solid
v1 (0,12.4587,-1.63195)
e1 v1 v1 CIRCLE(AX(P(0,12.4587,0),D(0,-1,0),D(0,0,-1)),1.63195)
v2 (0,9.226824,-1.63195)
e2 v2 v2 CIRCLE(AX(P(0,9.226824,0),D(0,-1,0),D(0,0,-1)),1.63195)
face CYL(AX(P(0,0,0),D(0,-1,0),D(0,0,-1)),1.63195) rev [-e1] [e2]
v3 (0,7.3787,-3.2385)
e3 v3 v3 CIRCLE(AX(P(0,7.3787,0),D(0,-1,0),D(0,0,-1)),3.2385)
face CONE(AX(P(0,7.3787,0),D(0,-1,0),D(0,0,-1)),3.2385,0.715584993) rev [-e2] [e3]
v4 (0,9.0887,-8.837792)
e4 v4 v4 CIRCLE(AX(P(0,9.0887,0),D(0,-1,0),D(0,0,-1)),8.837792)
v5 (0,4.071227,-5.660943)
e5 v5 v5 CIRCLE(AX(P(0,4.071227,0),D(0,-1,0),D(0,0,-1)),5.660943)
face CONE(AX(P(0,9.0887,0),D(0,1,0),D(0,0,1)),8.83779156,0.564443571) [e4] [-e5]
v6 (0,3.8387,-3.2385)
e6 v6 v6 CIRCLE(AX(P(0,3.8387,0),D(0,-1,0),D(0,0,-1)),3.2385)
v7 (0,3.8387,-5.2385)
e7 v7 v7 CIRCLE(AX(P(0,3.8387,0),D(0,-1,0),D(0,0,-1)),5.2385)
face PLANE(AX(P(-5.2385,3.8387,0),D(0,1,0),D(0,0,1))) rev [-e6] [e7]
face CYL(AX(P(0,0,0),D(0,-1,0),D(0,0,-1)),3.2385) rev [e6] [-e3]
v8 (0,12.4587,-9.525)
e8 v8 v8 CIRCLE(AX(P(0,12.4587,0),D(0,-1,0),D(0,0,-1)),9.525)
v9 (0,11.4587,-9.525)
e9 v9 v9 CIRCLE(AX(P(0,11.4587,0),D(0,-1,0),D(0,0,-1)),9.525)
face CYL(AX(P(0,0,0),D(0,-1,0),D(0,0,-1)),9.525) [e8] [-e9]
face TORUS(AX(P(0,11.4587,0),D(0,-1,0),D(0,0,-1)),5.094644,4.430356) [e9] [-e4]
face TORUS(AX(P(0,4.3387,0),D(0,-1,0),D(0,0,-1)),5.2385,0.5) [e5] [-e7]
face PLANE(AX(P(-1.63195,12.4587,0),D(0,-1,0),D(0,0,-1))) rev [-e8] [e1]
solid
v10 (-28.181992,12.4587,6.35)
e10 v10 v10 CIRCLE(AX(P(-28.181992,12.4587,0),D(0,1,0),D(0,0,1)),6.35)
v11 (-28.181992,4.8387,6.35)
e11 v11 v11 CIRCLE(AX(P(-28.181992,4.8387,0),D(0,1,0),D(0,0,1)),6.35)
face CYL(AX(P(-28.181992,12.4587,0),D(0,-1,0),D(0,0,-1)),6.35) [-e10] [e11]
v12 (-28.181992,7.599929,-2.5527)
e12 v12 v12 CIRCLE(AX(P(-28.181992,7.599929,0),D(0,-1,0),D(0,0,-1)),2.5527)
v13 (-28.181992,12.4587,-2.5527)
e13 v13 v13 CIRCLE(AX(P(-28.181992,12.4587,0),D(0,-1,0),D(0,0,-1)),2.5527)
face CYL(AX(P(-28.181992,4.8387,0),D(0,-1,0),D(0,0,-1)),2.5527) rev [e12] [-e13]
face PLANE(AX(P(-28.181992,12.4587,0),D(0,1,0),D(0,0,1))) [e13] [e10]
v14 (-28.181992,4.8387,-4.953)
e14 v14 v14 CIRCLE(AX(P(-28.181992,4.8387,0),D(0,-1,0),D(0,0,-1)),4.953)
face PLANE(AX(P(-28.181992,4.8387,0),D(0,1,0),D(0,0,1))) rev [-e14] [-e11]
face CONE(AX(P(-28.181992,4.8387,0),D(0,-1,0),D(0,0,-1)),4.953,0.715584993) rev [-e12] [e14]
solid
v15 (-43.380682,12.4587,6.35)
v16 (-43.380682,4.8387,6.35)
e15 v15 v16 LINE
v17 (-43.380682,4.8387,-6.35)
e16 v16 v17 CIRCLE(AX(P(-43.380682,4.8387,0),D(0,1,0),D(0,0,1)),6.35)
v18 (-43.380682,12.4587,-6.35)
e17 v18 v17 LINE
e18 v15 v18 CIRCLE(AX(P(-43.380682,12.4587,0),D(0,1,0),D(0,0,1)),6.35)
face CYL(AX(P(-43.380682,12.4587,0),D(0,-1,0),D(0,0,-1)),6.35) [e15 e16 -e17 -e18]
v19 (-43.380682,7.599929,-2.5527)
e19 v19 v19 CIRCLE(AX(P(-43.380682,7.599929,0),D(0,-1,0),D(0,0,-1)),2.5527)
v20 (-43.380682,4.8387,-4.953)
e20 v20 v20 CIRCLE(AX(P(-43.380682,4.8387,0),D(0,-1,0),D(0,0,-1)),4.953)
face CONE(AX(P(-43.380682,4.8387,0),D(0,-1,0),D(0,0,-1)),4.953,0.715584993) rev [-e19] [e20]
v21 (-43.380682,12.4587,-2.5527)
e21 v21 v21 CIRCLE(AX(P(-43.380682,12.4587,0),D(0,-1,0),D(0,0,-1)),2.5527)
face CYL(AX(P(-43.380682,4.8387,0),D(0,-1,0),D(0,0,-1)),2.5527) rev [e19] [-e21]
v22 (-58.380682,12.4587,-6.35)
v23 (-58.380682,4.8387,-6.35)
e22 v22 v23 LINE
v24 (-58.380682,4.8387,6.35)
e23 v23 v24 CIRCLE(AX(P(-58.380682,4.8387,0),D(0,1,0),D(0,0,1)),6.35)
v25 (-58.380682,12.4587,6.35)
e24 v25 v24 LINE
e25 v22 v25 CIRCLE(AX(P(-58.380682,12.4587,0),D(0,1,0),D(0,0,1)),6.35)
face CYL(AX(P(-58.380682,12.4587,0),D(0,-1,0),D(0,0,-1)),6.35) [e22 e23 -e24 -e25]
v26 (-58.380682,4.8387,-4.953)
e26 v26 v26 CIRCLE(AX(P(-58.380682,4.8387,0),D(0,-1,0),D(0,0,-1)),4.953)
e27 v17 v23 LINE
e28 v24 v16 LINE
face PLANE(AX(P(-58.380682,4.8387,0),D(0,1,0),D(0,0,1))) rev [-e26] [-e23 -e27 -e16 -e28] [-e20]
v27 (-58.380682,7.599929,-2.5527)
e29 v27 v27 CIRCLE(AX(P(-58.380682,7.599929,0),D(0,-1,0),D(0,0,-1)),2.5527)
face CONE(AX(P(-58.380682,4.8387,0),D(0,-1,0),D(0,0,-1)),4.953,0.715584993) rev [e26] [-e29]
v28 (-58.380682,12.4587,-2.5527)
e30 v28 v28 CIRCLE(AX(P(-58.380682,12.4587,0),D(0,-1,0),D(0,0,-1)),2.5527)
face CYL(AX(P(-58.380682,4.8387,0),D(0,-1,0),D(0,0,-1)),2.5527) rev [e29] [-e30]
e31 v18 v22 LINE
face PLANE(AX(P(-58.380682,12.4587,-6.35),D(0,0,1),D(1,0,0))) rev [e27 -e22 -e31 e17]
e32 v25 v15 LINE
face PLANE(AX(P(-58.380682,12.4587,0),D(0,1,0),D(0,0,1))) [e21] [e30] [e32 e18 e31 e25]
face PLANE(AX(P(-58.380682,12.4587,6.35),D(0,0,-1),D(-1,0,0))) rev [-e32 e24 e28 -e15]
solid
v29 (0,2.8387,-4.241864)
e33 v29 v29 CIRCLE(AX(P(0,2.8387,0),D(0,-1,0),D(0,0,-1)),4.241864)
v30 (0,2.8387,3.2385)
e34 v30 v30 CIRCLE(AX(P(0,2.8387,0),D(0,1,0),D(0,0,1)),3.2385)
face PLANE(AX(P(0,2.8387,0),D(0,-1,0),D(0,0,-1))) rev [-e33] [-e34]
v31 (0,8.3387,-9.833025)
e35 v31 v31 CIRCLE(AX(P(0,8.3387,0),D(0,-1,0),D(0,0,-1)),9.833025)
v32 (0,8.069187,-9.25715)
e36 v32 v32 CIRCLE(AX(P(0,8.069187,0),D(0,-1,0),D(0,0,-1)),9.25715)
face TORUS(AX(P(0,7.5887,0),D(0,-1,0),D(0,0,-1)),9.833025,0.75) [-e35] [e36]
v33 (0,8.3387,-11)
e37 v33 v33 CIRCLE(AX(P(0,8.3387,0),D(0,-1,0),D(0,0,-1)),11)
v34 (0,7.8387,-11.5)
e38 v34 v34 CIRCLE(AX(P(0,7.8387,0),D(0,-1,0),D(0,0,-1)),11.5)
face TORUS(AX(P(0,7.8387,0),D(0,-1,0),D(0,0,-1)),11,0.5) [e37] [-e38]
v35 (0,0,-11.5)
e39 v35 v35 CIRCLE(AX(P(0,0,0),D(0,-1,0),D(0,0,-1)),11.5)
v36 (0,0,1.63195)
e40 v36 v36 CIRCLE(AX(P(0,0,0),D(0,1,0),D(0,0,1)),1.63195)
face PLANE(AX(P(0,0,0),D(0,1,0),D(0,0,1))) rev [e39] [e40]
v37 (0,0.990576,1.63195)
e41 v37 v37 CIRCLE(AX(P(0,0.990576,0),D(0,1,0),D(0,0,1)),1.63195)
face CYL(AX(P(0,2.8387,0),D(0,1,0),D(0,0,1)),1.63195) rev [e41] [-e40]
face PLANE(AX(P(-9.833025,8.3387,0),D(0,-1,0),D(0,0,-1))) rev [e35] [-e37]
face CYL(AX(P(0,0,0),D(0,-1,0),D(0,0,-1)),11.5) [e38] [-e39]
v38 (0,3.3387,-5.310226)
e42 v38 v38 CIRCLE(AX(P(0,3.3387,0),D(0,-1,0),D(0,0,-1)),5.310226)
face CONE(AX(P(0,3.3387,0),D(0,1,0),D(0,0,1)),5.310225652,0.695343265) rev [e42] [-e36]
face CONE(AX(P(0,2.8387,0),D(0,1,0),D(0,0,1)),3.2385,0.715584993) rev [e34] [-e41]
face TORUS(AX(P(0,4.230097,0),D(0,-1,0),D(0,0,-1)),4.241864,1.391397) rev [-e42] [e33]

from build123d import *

# Parameters (mm, degrees)
CSK_FOR_4_FLAT_HEAD_SOCKET_CAP_SCREW1_D           = 3.2639
CSK_FOR_4_FLAT_HEAD_SOCKET_CAP_SCREW1_DEPTH       = 4.06
CSK_FOR_4_FLAT_HEAD_SOCKET_CAP_SCREW1_CSINK_D     = 6.477
CSK_FOR_4_FLAT_HEAD_SOCKET_CAP_SCREW1_CSINK_ANGLE = 82
CSK_FOR_4_FLAT_HEAD_SOCKET_CAP_SCREW1_TIP         = 0.980574487
BOSS_EXTRUDE2_START                               = 4.8387
SKETCH5_R                                         = 6.35
BOSS_EXTRUDE2_DEPTH                               = 7.62
BOSS_EXTRUDE2_2_DEPTH                             = 7.62
CSK_FOR_10_FLAT_HEAD_SOCKET_CAP_SCR_2_COUNT       = 2
CSK_FOR_10_FLAT_HEAD_SOCKET_CAP_SCR_2_PITCH       = 15.198690223
CSK_FOR_10_FLAT_HEAD_SOCKET_CAP_SCR_3_COUNT       = 2
CSK_FOR_10_FLAT_HEAD_SOCKET_CAP_SCR_3_PITCH       = 30.198690223


with BuildPart() as part:
    # Sketch1 → Revolve1 (revolve)
    with BuildSketch(Plane.XY):
        with BuildLine():
            Line((-3.2385, 3.8387), (-3.2385, 7.3787))
            Line((-3.2385, 7.3787), (-1.63195, 9.226824365))
            Line((-1.63195, 9.226824365), (-1.63195, 12.4587))
            Line((-1.63195, 12.4587), (-9.525, 12.4587))
            Line((-9.525, 12.4587), (-9.525, 11.4587))
            ThreePointArc((-9.525, 11.4587), (-9.349730987, 10.224889293), (-8.83779156, 9.0887))
            Line((-8.83779156, 9.0887), (-5.660943195, 4.07122711))
            ThreePointArc((-5.660943195, 4.07122711), (-5.479605325, 3.90067235), (-5.2385, 3.8387))
            Line((-5.2385, 3.8387), (-3.2385, 3.8387))
        make_face()
        with BuildLine():
            Line((0, 2.8387), (-4.24186361, 2.8387))
            ThreePointArc((-4.24186361, 2.8387), (-4.831651168, 2.969884174), (-5.310225652, 3.3387))
            Line((-5.310225652, 3.3387), (-9.257149739, 8.069186786))
            ThreePointArc((-9.257149739, 8.069186786), (-9.515114034, 8.267988263), (-9.833025114, 8.3387))
            Line((-9.833025114, 8.3387), (-11, 8.3387))
            ThreePointArc((-11, 8.3387), (-11.353553391, 8.192253391), (-11.5, 7.8387))
            Line((-11.5, 7.8387), (-11.5, 0))
            Line((-11.5, 0), (0, 0))
            Line((0, 0), (0, 2.8387))
        make_face()
    revolve(axis=Axis((0, 0, 0), (0, 1, 0)))

    # CSK for #4 Flat Head Socket Cap Screw1
    with Locations(Plane(origin=(0, 2.8387, 0), x_dir=(1, 0, 0), z_dir=(0, 1, 0))):
        with Locations((0, 0)):
            CounterSinkHole(CSK_FOR_4_FLAT_HEAD_SOCKET_CAP_SCREW1_D / 2, CSK_FOR_4_FLAT_HEAD_SOCKET_CAP_SCREW1_CSINK_D / 2, depth=CSK_FOR_4_FLAT_HEAD_SOCKET_CAP_SCREW1_DEPTH, counter_sink_angle=CSK_FOR_4_FLAT_HEAD_SOCKET_CAP_SCREW1_CSINK_ANGLE)
            with Locations((0, 0, -(CSK_FOR_4_FLAT_HEAD_SOCKET_CAP_SCREW1_DEPTH + CSK_FOR_4_FLAT_HEAD_SOCKET_CAP_SCREW1_TIP / 2))):  # 118° drill point
                Cone(0, CSK_FOR_4_FLAT_HEAD_SOCKET_CAP_SCREW1_D / 2, CSK_FOR_4_FLAT_HEAD_SOCKET_CAP_SCREW1_TIP, mode=Mode.SUBTRACT)


with BuildPart() as body_2:
    # Sketch5 → Boss-Extrude2 (new body)
    with BuildSketch(Plane(origin=(0, 0, 0), x_dir=(1, 0, 0), z_dir=(0, 1, 0)).offset(BOSS_EXTRUDE2_START)):
        with Locations((-28.181991906, 0)):
            Circle(SKETCH5_R)
    extrude(amount=BOSS_EXTRUDE2_DEPTH)

    # Sketch7 → CSK for #10 Flat Head Socket Cap Screw1 (revolve, cut)
    with BuildSketch(Plane(origin=(-28.181991906, 4.8387, 0), x_dir=(0, 0, -1), z_dir=(1, 0, 0))):
        Polygon((0, 0), (0, 7.62), (2.5527, 7.62), (2.5527, 2.761229288), (4.953, 0), align=None)
    csk_for_10_flat_head_socket_cap_screw1 = revolve(axis=Axis((-28.181991906, -1.5113, 0), (0, 1, 0)), mode=Mode.SUBTRACT)


with BuildPart() as body_3:
    # Sketch5 → Boss-Extrude2 2 (new body)
    with BuildSketch(Plane(origin=(0, 0, 0), x_dir=(1, 0, 0), z_dir=(0, 1, 0)).offset(BOSS_EXTRUDE2_START)):
        with BuildLine():
            Line((-58.38068213, 6.35), (-43.38068213, 6.35))
            ThreePointArc((-43.38068213, 6.35), (-37.03068213, 0), (-43.38068213, -6.35))
            Line((-43.38068213, -6.35), (-58.38068213, -6.35))
            ThreePointArc((-58.38068213, -6.35), (-64.73068213, 0), (-58.38068213, 6.35))
        make_face()
    extrude(amount=BOSS_EXTRUDE2_2_DEPTH)

    # CSK for _10 Flat Head Socket Cap Scr 2: CSK for #10 Flat Head Socket Cap Screw1 ×2
    with Locations(*[(-i * CSK_FOR_10_FLAT_HEAD_SOCKET_CAP_SCR_2_PITCH, 0, 0) for i in range(1, CSK_FOR_10_FLAT_HEAD_SOCKET_CAP_SCR_2_COUNT)]):
        add(csk_for_10_flat_head_socket_cap_screw1, mode=Mode.SUBTRACT)

    # CSK for _10 Flat Head Socket Cap Scr 3: CSK for #10 Flat Head Socket Cap Screw1 ×2
    with Locations(*[(-i * CSK_FOR_10_FLAT_HEAD_SOCKET_CAP_SCR_3_PITCH, 0, 0) for i in range(1, CSK_FOR_10_FLAT_HEAD_SOCKET_CAP_SCR_3_COUNT)]):
        add(csk_for_10_flat_head_socket_cap_screw1, mode=Mode.SUBTRACT)


solid = Compound([part.part, body_2.part, body_3.part])
